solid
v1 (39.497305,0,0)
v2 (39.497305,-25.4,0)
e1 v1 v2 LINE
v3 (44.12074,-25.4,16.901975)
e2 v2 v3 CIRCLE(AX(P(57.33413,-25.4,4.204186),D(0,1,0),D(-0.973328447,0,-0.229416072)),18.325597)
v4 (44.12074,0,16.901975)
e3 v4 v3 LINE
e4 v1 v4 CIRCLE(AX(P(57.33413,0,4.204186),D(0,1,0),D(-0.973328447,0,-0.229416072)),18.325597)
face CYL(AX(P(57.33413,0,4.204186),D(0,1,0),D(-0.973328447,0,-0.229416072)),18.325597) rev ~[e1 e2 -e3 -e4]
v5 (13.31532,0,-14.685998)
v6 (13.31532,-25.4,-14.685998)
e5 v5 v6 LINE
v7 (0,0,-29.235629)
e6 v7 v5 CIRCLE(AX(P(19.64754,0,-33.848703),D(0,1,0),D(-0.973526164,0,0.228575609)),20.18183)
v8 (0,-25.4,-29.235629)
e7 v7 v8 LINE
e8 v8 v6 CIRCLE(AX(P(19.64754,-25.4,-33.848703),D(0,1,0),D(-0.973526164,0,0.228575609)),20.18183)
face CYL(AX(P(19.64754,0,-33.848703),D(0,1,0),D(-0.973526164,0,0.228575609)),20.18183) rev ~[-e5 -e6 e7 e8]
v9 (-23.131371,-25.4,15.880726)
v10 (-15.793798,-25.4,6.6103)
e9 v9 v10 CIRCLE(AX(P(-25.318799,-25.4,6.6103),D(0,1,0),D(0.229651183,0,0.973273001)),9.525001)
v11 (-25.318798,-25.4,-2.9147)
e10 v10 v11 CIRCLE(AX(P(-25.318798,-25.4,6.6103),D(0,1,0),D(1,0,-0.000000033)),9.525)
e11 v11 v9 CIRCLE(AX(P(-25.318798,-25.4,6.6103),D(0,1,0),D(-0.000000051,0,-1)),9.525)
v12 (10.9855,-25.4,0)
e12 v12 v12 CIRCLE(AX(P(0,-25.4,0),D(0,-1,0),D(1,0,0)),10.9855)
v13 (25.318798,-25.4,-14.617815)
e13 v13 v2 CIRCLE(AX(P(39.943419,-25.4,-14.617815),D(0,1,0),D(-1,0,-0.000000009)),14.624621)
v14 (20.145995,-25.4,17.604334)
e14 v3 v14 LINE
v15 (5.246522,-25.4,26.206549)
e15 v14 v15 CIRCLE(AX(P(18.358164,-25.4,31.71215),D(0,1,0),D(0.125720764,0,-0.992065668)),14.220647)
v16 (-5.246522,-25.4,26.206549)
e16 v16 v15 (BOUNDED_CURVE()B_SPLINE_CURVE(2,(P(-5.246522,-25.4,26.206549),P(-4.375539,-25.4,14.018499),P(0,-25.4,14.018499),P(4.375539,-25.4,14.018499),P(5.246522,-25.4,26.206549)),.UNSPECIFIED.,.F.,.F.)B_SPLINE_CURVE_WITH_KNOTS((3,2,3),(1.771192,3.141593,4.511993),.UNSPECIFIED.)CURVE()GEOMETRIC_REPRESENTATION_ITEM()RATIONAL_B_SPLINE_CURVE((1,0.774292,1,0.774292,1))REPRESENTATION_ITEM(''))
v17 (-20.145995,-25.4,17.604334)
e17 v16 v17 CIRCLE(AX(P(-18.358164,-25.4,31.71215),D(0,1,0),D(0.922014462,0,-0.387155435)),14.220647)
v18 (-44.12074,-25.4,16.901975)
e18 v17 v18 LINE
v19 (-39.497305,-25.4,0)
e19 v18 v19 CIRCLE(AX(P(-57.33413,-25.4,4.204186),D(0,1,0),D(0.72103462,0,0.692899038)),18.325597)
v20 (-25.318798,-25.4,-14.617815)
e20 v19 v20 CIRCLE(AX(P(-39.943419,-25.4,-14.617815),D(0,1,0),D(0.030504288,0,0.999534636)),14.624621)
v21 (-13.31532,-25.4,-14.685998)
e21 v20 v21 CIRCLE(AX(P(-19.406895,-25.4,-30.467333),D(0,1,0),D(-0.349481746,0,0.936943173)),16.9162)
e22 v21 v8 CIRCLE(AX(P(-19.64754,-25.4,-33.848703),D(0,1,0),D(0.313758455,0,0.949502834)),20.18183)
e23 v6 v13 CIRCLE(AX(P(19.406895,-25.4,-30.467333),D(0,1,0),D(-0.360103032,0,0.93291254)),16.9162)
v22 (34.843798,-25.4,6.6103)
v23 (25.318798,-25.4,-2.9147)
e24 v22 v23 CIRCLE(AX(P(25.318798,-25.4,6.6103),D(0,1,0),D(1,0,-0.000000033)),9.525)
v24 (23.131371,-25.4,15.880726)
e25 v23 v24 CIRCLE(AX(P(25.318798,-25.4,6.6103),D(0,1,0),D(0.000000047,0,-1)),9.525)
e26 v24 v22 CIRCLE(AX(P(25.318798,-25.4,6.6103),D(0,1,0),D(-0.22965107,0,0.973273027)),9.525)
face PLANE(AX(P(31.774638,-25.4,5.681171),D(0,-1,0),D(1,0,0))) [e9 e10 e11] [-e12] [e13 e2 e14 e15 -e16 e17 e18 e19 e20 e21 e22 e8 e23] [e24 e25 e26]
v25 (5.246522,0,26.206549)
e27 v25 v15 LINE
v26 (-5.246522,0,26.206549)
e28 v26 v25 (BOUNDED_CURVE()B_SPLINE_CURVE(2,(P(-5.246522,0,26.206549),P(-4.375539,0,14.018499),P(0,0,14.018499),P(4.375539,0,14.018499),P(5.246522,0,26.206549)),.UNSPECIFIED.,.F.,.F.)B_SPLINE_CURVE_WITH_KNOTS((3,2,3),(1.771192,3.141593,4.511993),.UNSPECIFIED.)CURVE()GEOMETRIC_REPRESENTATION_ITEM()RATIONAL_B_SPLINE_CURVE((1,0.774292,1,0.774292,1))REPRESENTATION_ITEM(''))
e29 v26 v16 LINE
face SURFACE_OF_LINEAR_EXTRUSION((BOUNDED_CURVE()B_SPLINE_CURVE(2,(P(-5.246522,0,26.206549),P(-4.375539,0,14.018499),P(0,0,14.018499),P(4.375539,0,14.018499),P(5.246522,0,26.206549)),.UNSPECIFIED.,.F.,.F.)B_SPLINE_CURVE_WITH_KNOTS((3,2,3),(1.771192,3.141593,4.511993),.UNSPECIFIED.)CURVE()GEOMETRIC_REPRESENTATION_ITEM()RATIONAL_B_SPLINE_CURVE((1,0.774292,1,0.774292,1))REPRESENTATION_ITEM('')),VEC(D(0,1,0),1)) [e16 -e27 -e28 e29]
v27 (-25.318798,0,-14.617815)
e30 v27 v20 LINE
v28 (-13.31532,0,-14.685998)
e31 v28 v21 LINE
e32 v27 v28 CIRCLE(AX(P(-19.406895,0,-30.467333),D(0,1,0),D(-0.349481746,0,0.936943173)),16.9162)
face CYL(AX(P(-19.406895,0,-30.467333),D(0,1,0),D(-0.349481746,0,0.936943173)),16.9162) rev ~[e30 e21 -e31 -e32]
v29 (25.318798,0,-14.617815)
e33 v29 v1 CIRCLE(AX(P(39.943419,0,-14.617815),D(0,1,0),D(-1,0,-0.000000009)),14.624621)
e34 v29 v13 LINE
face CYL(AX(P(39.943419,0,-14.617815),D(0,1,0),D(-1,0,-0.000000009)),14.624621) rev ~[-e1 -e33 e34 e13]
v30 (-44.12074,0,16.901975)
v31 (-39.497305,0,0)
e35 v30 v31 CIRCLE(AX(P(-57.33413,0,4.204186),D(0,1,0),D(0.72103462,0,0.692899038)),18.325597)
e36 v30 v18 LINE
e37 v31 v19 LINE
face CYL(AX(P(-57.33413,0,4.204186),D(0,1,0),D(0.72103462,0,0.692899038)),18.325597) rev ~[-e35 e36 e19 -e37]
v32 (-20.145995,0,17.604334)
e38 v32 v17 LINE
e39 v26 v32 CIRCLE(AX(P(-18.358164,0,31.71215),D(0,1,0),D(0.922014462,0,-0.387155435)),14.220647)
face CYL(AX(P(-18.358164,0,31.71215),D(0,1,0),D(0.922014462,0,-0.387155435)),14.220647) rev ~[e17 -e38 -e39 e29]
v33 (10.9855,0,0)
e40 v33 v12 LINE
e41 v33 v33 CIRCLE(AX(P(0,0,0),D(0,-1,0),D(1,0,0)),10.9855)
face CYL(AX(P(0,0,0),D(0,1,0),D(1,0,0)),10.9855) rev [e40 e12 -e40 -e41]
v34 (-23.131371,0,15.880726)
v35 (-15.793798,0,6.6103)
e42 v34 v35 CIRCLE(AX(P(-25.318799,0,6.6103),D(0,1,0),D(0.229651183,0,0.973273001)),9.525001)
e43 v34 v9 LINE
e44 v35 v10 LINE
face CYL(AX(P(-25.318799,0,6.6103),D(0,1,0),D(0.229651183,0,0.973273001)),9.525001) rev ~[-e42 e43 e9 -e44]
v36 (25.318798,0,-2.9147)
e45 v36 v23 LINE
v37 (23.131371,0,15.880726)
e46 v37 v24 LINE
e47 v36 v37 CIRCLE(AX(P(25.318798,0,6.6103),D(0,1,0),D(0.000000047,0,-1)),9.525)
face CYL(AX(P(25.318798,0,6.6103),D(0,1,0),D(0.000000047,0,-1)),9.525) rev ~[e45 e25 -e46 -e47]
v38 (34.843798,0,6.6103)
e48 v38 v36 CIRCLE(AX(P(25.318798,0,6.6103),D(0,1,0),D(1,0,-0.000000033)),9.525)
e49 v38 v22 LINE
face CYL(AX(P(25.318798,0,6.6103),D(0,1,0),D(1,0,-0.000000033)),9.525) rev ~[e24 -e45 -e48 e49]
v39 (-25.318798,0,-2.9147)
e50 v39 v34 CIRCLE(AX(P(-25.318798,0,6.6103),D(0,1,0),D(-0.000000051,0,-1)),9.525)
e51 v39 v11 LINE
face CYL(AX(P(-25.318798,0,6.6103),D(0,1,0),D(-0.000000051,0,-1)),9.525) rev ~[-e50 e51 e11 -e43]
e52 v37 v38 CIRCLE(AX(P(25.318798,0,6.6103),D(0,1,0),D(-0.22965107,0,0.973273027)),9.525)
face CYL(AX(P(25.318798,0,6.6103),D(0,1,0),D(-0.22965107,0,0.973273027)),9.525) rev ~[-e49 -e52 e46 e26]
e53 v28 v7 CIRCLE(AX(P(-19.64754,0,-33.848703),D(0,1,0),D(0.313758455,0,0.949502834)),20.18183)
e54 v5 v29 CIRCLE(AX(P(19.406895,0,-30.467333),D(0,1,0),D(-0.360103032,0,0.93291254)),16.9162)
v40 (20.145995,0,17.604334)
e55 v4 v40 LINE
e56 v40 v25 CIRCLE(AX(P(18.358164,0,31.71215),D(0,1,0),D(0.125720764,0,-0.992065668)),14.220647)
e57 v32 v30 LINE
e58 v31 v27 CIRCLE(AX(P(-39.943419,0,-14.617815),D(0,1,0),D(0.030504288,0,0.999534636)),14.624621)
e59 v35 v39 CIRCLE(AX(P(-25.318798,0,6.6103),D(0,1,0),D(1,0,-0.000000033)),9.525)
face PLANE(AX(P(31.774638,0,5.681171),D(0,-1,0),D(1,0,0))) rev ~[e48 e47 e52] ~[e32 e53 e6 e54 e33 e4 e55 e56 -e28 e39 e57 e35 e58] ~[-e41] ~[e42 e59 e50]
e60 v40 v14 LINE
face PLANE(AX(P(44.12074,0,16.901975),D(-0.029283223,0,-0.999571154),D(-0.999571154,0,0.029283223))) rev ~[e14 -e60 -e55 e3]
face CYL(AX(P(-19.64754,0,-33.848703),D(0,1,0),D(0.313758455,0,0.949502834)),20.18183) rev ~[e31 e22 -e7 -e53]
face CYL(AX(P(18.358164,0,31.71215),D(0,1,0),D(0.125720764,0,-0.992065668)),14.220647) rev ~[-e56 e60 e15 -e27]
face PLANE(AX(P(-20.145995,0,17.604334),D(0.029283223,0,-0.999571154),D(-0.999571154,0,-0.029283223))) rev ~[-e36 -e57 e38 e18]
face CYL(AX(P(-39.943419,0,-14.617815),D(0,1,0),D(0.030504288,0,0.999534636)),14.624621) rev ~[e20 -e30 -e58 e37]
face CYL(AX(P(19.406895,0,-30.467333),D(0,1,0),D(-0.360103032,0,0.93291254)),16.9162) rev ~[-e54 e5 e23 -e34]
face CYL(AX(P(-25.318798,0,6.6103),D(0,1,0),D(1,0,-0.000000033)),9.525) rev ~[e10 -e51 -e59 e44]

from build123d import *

# Parameters (mm, degrees)
F0_R     = 10.9855
F1_DEPTH = 25.4


with BuildPart() as f1:
    # F0 (on Front) → F1 (new body)
    with BuildSketch(Plane.XZ):
        with BuildLine():
            Line((44.12074, 16.901975), (20.145995, 17.604334))
            Line((20.145995, 17.604334), (23.131371, 15.880726))
            ThreePointArc((23.131371, 15.880726), (31.230244, 14.07893), (34.843798, 6.6103))
            ThreePointArc((34.843798, 6.6103), (32.05399, -0.124892), (25.318798, -2.9147))
            Line((25.318798, -2.9147), (25.318798, -14.617815))
            ThreePointArc((25.318798, -14.617815), (29.44571, -4.435593), (39.497305, 0))
            ThreePointArc((39.497305, 0), (39.657927, 9.039407), (44.12074, 16.901975))
        make_face()
        with BuildLine():
            Line((-23.131371, 15.880726), (-20.145995, 17.604334))
            Line((-20.145995, 17.604334), (-44.12074, 16.901975))
            ThreePointArc((-44.12074, 16.901975), (-39.657927, 9.039407), (-39.497305, 0))
            ThreePointArc((-39.497305, 0), (-29.44571, -4.435593), (-25.318798, -14.617815))
            Line((-25.318798, -14.617815), (-25.318798, -2.9147))
            ThreePointArc((-25.318798, -2.9147), (-34.77994, 7.711396), (-23.131371, 15.880726))
        make_face()
        with BuildLine():
            ThreePointArc((20.145995, 17.604334), (11.247841, 19.396708), (5.246522, 26.206549))
            add(Edge.make_bspline(
                [(-5.246522, 26.206549), (-4.375539, 14.018499), (0, 14.018499), (4.375539, 14.018499), (5.246522, 26.206549)],
                knots=[1.771192, 1.771192, 1.771192, 3.141593, 3.141593, 4.511993, 4.511993, 4.511993], degree=2, weights=[1, 0.774292, 1, 0.774292, 1]))
            ThreePointArc((-5.246522, 26.206549), (-11.247841, 19.396708), (-20.145995, 17.604334))
            Line((-20.145995, 17.604334), (-23.131371, 15.880726))
            ThreePointArc((-23.131371, 15.880726), (-17.850168, 12.521746), (-15.793798, 6.6103))
            ThreePointArc((-15.793798, 6.6103), (-18.583606, -0.124892), (-25.318798, -2.9147))
            Line((-25.318798, -2.9147), (-25.318798, -14.617815))
            ThreePointArc((-25.318798, -14.617815), (-19.310808, -13.551406), (-13.31532, -14.685998))
            ThreePointArc((-13.31532, -14.685998), (-4.759292, -20.223493), (0, -29.235629))
            ThreePointArc((0, -29.235629), (4.759292, -20.223493), (13.31532, -14.685998))
            ThreePointArc((13.31532, -14.685998), (19.310808, -13.551406), (25.318798, -14.617815))
            Line((25.318798, -14.617815), (25.318798, -2.9147))
            ThreePointArc((25.318798, -2.9147), (15.857655, 5.509205), (23.131371, 15.880726))
            Line((23.131371, 15.880726), (20.145995, 17.604334))
        make_face()
        Circle(F0_R, mode=Mode.SUBTRACT)
    extrude(amount=F1_DEPTH)


solid = f1.part
